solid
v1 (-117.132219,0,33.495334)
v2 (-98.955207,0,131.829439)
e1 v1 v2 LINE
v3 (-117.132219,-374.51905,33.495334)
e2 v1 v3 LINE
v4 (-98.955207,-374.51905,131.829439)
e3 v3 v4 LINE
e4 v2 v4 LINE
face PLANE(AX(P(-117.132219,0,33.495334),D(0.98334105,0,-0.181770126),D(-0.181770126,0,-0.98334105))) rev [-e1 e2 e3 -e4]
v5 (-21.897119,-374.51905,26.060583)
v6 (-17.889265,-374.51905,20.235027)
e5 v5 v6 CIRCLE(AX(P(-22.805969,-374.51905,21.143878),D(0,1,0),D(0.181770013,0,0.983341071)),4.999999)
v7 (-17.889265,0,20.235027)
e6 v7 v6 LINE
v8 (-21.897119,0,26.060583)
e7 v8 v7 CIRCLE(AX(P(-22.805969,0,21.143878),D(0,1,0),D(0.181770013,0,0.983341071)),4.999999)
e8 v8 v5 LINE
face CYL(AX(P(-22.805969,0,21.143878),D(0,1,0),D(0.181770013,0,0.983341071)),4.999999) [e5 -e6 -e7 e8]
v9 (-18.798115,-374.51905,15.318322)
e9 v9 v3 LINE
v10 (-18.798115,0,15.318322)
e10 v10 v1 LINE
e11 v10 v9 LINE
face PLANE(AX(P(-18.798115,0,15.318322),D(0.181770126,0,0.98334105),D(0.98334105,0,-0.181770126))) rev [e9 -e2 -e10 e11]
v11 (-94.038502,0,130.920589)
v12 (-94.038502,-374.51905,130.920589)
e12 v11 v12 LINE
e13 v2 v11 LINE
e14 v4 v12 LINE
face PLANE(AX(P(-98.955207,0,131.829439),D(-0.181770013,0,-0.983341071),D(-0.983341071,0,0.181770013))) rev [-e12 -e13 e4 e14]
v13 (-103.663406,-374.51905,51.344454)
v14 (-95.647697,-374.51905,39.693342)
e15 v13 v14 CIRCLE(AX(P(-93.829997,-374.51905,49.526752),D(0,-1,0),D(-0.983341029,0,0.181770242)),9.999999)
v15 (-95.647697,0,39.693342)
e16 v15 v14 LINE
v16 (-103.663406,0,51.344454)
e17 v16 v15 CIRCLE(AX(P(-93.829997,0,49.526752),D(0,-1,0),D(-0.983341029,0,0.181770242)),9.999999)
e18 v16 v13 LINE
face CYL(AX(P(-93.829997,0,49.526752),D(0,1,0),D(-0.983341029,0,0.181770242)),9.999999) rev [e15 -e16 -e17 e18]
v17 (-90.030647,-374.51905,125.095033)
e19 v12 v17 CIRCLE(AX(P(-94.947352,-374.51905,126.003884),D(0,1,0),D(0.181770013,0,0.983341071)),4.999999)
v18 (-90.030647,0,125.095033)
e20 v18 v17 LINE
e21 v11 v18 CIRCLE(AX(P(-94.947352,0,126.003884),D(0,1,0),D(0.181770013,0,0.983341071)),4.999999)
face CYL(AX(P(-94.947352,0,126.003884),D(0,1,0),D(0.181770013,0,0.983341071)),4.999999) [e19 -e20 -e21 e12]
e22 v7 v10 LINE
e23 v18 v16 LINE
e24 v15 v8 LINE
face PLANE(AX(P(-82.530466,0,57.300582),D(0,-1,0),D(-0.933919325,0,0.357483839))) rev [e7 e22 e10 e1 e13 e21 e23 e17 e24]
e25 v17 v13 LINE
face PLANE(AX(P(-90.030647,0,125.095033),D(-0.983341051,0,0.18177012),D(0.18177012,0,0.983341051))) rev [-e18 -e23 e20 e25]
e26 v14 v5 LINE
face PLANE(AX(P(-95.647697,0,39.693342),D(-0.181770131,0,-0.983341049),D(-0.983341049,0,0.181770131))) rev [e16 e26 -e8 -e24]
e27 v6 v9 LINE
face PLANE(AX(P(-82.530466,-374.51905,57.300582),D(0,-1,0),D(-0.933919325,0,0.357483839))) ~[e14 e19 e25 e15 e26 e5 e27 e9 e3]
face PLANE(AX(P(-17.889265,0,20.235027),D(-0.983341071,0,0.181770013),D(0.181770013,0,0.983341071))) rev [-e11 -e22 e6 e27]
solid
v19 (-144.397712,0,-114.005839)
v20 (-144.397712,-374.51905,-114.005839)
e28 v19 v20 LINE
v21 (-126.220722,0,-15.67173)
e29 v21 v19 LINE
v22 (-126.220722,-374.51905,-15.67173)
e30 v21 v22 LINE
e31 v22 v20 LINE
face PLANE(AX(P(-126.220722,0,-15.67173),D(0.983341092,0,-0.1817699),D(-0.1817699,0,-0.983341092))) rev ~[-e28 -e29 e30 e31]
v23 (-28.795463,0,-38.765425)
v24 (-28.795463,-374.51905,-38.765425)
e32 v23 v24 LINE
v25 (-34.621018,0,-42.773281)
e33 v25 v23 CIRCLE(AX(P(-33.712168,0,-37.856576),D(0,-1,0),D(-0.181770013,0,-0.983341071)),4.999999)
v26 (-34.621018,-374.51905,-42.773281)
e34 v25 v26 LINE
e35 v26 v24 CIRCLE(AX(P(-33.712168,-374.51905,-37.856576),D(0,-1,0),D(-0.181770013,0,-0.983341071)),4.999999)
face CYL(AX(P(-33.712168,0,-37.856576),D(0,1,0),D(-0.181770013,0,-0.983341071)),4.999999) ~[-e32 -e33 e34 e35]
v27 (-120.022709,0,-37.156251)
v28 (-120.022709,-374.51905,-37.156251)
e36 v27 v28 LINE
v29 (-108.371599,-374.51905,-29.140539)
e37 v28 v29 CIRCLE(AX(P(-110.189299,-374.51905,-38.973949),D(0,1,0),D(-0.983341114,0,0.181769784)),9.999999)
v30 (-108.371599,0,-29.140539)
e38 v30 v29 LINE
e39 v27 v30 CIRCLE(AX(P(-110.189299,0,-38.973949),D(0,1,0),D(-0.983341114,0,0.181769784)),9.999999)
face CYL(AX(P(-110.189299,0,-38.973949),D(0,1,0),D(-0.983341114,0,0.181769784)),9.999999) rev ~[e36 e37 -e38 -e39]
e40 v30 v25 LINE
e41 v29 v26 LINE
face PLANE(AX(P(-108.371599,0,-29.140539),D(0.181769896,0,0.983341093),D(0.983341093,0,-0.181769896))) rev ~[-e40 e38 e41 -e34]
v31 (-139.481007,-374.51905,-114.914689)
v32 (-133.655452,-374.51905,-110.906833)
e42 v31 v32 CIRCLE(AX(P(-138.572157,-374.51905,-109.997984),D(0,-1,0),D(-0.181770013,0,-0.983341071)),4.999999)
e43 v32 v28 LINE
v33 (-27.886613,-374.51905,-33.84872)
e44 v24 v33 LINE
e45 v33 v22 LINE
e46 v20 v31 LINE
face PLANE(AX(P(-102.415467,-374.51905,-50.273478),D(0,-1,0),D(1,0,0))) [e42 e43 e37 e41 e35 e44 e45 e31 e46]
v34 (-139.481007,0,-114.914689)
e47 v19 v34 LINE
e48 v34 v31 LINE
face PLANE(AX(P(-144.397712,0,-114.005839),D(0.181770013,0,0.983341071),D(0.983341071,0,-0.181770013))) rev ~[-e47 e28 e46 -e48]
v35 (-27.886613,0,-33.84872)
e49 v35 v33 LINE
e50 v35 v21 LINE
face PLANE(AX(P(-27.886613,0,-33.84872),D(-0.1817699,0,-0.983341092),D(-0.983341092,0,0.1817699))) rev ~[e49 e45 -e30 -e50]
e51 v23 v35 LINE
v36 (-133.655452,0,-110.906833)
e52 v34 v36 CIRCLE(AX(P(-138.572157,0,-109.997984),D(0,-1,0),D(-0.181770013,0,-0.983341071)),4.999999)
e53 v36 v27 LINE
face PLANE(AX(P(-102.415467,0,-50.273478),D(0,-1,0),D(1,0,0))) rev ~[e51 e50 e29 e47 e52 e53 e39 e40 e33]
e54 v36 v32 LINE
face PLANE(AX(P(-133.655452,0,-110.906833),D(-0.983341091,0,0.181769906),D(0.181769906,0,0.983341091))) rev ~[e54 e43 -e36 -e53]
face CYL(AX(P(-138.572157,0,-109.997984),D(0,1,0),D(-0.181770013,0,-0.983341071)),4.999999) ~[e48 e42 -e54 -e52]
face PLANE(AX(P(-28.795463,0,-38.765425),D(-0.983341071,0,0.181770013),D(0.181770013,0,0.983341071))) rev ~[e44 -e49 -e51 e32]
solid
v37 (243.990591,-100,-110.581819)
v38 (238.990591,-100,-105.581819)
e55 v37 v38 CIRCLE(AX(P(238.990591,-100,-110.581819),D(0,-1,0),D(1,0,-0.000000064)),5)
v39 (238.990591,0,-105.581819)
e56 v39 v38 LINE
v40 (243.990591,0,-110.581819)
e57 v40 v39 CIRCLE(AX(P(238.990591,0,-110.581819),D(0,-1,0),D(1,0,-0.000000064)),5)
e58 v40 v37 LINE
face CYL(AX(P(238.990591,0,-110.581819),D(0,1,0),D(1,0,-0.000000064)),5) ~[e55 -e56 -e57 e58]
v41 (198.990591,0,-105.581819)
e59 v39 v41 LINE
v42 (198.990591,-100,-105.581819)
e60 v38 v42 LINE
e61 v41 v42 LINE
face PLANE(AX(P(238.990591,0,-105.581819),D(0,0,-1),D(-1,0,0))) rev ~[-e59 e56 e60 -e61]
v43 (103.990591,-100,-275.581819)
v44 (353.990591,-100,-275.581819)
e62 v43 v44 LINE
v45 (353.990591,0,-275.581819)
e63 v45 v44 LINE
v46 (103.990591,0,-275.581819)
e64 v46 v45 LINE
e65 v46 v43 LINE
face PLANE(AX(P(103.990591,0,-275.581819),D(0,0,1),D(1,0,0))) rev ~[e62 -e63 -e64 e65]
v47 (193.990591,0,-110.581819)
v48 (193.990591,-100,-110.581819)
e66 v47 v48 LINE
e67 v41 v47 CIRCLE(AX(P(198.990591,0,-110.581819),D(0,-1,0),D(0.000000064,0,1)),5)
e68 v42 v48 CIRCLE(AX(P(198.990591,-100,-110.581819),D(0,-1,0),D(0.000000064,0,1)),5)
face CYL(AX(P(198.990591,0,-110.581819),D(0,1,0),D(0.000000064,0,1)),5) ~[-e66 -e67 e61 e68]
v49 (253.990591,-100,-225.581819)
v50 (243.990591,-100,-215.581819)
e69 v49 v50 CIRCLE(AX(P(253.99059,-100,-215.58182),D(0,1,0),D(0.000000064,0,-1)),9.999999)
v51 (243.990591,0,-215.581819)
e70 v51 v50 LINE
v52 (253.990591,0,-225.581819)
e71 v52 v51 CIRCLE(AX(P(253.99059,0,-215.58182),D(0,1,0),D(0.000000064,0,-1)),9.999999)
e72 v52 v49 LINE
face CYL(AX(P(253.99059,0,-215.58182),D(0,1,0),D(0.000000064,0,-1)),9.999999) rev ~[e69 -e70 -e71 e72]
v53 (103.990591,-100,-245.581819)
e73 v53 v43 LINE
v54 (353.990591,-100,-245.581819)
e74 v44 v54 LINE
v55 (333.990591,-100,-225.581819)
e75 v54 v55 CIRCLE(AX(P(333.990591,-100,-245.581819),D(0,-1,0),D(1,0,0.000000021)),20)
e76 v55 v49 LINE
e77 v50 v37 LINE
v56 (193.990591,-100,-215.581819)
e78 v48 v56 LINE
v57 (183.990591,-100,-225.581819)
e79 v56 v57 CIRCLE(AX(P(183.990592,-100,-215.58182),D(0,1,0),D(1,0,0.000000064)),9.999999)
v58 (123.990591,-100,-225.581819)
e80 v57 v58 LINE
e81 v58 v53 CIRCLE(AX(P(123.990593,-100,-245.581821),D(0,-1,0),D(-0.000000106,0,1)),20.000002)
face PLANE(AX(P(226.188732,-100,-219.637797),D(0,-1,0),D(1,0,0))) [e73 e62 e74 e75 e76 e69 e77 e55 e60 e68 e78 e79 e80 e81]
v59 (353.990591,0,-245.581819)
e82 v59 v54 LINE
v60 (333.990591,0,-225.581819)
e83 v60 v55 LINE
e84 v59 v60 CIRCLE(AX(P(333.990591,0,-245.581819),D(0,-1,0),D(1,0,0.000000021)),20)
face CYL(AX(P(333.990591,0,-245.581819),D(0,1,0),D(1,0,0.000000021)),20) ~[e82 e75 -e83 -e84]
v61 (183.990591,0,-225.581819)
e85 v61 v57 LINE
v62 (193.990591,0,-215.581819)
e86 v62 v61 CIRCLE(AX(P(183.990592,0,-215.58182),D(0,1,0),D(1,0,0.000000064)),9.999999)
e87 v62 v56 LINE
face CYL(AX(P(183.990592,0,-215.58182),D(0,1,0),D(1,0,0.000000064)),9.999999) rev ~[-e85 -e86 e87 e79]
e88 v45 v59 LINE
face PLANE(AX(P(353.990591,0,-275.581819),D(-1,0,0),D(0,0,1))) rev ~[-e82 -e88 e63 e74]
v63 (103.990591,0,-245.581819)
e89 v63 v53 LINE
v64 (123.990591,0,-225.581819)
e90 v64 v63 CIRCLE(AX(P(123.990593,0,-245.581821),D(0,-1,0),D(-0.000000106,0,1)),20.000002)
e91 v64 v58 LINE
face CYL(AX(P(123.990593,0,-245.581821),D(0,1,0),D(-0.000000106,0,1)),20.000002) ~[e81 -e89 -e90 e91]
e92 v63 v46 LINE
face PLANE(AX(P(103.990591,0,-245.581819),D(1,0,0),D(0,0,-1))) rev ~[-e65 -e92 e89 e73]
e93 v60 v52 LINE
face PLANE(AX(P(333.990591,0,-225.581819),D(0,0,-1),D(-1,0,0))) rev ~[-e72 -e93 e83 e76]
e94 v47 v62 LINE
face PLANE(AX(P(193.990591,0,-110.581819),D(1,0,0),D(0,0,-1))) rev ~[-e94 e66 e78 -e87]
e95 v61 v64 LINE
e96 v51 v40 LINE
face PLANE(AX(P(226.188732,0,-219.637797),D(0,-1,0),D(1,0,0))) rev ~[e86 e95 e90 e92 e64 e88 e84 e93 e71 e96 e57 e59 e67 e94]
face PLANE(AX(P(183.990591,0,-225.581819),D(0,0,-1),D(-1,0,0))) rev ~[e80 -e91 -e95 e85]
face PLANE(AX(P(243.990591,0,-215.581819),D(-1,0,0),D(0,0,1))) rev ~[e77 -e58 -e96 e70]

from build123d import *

# Parameters (mm, degrees)
F2_DEPTH = 374.51905
F5_DEPTH = 100


with BuildPart() as f2:
    # F0 (on Front) → F2 (new body)
    with BuildSketch(Plane.XZ):
        with BuildLine():
            Line((-28.795463, -38.765425), (-27.886613, -33.84872))
            Line((-27.886613, -33.84872), (-126.220722, -15.67173))
            Line((-126.220722, -15.67173), (-144.397712, -114.005839))
            Line((-144.397712, -114.005839), (-139.481007, -114.914689))
            ThreePointArc((-139.481007, -114.914689), (-135.738175, -114.117273), (-133.655452, -110.906833))
            Line((-133.655452, -110.906833), (-120.022709, -37.156251))
            ThreePointArc((-120.022709, -37.156251), (-115.857263, -30.735371), (-108.371599, -29.140539))
            Line((-108.371599, -29.140539), (-34.621018, -42.773281))
            ThreePointArc((-34.621018, -42.773281), (-30.878186, -41.975865), (-28.795463, -38.765425))
        make_face()
    extrude(amount=F2_DEPTH)


with BuildPart() as f4_1:
    # F4: instance of F2
    add(f2.part.mirror(Plane(origin=(-72.50942, -187.259525, -0.176698), x_dir=(1, 0, 0), z_dir=(0.18177, 0, 0.983341))))


with BuildPart() as f5:
    # F1 (on Front) → F5 (new body)
    with BuildSketch(Plane.XZ):
        with BuildLine():
            Line((103.990591, -245.581819), (103.990591, -275.581819))
            Line((103.990591, -275.581819), (353.990591, -275.581819))
            Line((353.990591, -275.581819), (353.990591, -245.581819))
            ThreePointArc((353.990591, -245.581819), (348.132727, -231.439684), (333.990591, -225.581819))
            Line((333.990591, -225.581819), (253.990591, -225.581819))
            ThreePointArc((253.990591, -225.581819), (246.919523, -222.652887), (243.990591, -215.581819))
            Line((243.990591, -215.581819), (243.990591, -110.581819))
            ThreePointArc((243.990591, -110.581819), (242.526125, -107.046285), (238.990591, -105.581819))
            Line((238.990591, -105.581819), (198.990591, -105.581819))
            ThreePointArc((198.990591, -105.581819), (195.455057, -107.046285), (193.990591, -110.581819))
            Line((193.990591, -110.581819), (193.990591, -215.581819))
            ThreePointArc((193.990591, -215.581819), (191.061659, -222.652887), (183.990591, -225.581819))
            Line((183.990591, -225.581819), (123.990591, -225.581819))
            ThreePointArc((123.990591, -225.581819), (109.848456, -231.439684), (103.990591, -245.581819))
        make_face()
    extrude(amount=F5_DEPTH)


solid = Compound([f2.part, f4_1.part, f5.part])
